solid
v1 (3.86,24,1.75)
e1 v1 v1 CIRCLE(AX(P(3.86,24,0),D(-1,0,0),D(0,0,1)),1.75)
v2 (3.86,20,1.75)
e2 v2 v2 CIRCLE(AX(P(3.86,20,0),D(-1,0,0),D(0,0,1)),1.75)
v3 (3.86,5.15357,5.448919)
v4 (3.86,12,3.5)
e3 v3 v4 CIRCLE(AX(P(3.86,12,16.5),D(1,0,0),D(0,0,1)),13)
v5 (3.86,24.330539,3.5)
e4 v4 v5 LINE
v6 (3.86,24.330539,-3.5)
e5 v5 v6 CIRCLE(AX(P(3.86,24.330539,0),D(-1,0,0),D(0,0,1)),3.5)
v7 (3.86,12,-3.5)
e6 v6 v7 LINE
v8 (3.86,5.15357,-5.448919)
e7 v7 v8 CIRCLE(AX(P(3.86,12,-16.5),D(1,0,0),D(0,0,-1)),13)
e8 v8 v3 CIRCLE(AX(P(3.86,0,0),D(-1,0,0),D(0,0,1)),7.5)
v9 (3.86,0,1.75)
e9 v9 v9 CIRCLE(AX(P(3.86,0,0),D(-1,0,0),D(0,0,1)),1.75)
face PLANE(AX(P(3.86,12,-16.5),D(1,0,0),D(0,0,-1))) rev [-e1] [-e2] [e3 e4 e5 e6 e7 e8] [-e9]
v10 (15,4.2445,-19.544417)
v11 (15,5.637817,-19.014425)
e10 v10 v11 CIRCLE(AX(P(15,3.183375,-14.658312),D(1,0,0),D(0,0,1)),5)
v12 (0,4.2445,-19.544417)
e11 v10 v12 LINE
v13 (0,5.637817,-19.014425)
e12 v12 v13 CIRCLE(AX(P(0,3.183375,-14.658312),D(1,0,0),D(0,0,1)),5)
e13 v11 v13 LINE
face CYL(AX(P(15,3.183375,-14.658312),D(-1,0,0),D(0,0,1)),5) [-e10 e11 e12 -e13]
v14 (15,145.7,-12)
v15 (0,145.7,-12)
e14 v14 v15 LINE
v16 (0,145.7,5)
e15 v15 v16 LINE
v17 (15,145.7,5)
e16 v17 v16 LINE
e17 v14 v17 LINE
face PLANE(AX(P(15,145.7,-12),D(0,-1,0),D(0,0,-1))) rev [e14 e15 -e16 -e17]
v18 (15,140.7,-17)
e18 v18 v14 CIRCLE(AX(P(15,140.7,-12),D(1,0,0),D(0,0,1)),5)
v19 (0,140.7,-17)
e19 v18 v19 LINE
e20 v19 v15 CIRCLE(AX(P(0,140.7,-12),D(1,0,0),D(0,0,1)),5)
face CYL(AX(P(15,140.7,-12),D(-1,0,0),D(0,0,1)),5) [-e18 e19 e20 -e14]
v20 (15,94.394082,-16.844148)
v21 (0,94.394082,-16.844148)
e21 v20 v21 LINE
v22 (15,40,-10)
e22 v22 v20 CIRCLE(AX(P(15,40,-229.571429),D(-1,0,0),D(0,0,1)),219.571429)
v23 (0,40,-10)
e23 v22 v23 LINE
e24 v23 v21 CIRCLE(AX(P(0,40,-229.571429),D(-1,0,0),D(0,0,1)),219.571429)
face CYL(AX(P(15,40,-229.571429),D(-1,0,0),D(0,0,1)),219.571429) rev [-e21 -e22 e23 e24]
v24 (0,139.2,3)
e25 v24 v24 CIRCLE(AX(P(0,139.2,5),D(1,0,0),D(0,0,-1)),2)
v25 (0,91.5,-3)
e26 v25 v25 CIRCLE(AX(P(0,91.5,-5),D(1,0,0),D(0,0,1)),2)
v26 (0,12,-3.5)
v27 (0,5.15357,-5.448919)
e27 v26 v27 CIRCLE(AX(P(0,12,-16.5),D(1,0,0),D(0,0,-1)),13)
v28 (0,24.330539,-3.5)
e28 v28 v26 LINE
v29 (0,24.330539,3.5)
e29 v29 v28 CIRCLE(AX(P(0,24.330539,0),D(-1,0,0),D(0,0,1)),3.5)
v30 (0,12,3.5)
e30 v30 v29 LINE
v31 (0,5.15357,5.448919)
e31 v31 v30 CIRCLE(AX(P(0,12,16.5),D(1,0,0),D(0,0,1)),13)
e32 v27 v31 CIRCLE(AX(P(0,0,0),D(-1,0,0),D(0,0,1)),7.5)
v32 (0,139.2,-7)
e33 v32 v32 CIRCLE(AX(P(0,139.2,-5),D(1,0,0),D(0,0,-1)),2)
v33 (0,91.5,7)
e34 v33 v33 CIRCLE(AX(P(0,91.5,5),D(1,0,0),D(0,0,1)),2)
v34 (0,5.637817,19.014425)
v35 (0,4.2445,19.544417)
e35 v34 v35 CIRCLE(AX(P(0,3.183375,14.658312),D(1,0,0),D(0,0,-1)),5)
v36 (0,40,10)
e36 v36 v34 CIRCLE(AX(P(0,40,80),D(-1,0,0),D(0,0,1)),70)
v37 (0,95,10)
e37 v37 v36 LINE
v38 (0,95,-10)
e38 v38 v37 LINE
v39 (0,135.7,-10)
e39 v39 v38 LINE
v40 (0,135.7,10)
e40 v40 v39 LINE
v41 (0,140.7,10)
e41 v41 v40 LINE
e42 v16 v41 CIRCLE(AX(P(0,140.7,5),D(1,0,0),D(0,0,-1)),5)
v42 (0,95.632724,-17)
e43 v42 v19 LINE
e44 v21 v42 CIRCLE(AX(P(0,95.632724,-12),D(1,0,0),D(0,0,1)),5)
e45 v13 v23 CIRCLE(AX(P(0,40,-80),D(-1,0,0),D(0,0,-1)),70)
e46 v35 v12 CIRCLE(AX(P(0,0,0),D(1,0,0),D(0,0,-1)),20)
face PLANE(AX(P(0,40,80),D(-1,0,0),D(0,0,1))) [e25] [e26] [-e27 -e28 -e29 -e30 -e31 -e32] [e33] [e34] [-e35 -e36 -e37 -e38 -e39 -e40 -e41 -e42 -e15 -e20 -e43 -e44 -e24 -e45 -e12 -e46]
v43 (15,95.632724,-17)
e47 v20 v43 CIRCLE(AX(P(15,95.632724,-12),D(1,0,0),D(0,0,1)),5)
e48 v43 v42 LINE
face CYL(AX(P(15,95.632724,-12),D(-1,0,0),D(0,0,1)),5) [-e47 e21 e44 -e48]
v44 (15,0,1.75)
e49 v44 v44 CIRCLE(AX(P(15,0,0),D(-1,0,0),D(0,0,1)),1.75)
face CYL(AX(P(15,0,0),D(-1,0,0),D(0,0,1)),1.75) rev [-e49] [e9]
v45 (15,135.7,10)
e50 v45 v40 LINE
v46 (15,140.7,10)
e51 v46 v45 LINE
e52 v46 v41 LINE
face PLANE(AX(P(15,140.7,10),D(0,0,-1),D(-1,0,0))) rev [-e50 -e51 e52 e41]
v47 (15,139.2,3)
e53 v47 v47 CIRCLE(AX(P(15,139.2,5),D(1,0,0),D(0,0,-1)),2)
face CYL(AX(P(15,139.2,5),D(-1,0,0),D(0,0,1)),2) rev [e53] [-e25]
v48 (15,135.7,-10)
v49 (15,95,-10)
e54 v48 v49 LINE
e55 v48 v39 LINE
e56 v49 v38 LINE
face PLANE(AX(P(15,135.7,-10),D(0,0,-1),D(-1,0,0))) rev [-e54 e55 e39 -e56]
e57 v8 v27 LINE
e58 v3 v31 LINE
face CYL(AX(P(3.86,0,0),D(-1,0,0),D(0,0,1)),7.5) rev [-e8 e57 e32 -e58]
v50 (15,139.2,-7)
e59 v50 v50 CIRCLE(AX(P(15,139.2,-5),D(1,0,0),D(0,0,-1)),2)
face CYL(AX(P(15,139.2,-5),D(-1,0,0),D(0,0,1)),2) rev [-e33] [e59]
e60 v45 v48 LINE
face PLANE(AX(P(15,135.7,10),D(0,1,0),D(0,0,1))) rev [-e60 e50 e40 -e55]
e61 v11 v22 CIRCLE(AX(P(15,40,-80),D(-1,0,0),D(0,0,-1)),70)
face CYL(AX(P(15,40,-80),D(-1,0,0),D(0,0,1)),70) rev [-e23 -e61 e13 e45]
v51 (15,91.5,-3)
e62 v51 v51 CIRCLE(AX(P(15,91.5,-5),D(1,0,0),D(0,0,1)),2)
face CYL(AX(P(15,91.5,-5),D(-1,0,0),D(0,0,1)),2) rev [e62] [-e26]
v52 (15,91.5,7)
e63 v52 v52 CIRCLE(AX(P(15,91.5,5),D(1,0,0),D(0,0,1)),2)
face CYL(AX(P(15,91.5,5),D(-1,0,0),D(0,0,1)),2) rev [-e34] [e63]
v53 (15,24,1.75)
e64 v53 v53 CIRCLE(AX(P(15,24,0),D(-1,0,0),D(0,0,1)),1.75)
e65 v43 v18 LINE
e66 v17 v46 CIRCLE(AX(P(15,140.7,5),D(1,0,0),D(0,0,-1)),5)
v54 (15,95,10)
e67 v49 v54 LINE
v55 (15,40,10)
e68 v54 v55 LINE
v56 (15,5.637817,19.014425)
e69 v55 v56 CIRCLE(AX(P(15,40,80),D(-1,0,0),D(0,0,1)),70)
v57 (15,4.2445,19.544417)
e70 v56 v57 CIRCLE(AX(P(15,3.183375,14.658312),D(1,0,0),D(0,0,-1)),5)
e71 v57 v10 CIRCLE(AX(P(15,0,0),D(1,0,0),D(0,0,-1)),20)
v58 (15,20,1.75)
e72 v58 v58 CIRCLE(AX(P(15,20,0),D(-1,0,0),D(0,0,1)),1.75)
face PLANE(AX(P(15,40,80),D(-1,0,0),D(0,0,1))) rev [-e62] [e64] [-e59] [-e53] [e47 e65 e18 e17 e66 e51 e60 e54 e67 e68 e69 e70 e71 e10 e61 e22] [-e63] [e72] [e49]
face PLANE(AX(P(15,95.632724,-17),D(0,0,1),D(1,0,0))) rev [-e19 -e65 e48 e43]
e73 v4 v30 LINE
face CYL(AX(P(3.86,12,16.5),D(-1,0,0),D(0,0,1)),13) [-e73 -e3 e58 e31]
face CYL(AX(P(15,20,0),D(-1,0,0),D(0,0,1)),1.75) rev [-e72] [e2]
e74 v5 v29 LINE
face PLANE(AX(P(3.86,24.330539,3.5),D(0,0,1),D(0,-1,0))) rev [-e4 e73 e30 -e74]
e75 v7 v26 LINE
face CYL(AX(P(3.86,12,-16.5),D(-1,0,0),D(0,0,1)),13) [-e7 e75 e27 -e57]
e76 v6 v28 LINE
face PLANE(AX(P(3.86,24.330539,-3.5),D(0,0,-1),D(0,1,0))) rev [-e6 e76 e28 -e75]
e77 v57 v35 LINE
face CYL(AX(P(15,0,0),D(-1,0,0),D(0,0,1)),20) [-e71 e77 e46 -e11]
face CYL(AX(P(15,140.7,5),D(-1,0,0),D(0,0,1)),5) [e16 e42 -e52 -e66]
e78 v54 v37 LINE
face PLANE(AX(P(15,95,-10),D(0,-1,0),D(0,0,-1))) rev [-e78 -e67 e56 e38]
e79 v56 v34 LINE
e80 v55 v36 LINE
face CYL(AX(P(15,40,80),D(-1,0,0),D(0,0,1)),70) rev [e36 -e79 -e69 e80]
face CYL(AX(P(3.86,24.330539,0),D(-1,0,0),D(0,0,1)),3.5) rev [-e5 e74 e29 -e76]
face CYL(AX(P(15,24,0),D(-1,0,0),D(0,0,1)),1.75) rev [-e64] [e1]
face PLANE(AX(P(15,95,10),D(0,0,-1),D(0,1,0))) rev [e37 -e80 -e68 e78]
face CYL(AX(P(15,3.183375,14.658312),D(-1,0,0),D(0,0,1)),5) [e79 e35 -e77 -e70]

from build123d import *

# Parameters (mm, degrees)
SKETCH1_R           = 2
BOSS_EXTRUDE1_DEPTH = 15
CUT_EXTRUDE1_DEPTH  = 3.86
SKETCH3_R           = 1.75
CUT_EXTRUDE2_DEPTH  = 148.487591342


with BuildPart() as part:
    # Sketch1 → Boss-Extrude1 (new body)
    with BuildSketch(Plane.YZ):
        with BuildLine():
            Line((95, 10), (40, 10))
            ThreePointArc((40, 10), (22.2375432, 12.29110008), (5.637816862, 19.014424902))
            ThreePointArc((5.637816862, 19.014424902), (4.96102116, 19.331638285), (4.24450028, 19.544416527))
            ThreePointArc((4.24450028, 19.544416527), (-20, 0), (4.24450028, -19.544416527))
            ThreePointArc((4.24450028, -19.544416527), (4.96102116, -19.331638285), (5.637816862, -19.014424902))
            ThreePointArc((5.637816862, -19.014424902), (22.2375432, -12.29110008), (40, -10))
            ThreePointArc((40, -10), (67.41148721, -11.71775609), (94.394082105, -16.844147583))
            ThreePointArc((94.394082105, -16.844147583), (95.008519855, -16.960883889), (95.632724183, -17))
            Line((95.632724183, -17), (140.7, -17))
            ThreePointArc((140.7, -17), (144.235533906, -15.535533906), (145.7, -12))
            Line((145.7, -12), (145.7, 5))
            ThreePointArc((145.7, 5), (144.235533906, 8.535533906), (140.7, 10))
            Line((140.7, 10), (135.7, 10))
            Line((135.7, 10), (135.7, -10))
            Line((135.7, -10), (95, -10))
            Line((95, -10), (95, 10))
        make_face()
        with Locations(Location((139.2, -5, 0), (0, 0, 270))):
            Circle(SKETCH1_R, mode=Mode.SUBTRACT)
        with Locations(Location((139.2, 5, 0), (0, 0, 270))):
            Circle(SKETCH1_R, mode=Mode.SUBTRACT)
        with Locations(Location((91.5, -5, 0), (0, 0, 90))):
            Circle(SKETCH1_R, mode=Mode.SUBTRACT)
        with Locations(Location((91.5, 5, 0), (0, 0, 90))):
            Circle(SKETCH1_R, mode=Mode.SUBTRACT)
    extrude(amount=BOSS_EXTRUDE1_DEPTH)

    # Sketch2 → Cut-Extrude1 (cut)
    with BuildSketch(Plane(origin=(0, 0, 0), x_dir=(0, -1, 0), z_dir=(-1, 0, 0))):
        with BuildLine():
            Line((-24.33053856, -3.5), (-12, -3.5))
            ThreePointArc((-12, -3.5), (-8.440790603, -3.996719292), (-5.153570125, -5.448918697))
            ThreePointArc((-5.153570125, -5.448918697), (7.5, 0), (-5.153570125, 5.448918697))
            ThreePointArc((-5.153570125, 5.448918697), (-8.440790603, 3.996719292), (-12, 3.5))
            Line((-12, 3.5), (-24.33053856, 3.5))
            ThreePointArc((-24.33053856, 3.5), (-27.83053856, 0), (-24.33053856, -3.5))
        make_face()
    extrude(amount=-CUT_EXTRUDE1_DEPTH, mode=Mode.SUBTRACT)

    # Sketch3 → Cut-Extrude2 (cut, through all)
    with BuildSketch(Plane(origin=(3.86, 0, 0), x_dir=(0, -1, 0), z_dir=(-1, 0, 0))):
        with Locations(Location((0, 0, 0), (0, 0, 90))):
            Circle(SKETCH3_R)
        with Locations(Location((-20, 0, 0), (0, 0, 90))):
            Circle(SKETCH3_R)
        with Locations(Location((-24, 0, 0), (0, 0, 90))):
            Circle(SKETCH3_R)
    extrude(amount=-CUT_EXTRUDE2_DEPTH, mode=Mode.SUBTRACT)


solid = part.part
